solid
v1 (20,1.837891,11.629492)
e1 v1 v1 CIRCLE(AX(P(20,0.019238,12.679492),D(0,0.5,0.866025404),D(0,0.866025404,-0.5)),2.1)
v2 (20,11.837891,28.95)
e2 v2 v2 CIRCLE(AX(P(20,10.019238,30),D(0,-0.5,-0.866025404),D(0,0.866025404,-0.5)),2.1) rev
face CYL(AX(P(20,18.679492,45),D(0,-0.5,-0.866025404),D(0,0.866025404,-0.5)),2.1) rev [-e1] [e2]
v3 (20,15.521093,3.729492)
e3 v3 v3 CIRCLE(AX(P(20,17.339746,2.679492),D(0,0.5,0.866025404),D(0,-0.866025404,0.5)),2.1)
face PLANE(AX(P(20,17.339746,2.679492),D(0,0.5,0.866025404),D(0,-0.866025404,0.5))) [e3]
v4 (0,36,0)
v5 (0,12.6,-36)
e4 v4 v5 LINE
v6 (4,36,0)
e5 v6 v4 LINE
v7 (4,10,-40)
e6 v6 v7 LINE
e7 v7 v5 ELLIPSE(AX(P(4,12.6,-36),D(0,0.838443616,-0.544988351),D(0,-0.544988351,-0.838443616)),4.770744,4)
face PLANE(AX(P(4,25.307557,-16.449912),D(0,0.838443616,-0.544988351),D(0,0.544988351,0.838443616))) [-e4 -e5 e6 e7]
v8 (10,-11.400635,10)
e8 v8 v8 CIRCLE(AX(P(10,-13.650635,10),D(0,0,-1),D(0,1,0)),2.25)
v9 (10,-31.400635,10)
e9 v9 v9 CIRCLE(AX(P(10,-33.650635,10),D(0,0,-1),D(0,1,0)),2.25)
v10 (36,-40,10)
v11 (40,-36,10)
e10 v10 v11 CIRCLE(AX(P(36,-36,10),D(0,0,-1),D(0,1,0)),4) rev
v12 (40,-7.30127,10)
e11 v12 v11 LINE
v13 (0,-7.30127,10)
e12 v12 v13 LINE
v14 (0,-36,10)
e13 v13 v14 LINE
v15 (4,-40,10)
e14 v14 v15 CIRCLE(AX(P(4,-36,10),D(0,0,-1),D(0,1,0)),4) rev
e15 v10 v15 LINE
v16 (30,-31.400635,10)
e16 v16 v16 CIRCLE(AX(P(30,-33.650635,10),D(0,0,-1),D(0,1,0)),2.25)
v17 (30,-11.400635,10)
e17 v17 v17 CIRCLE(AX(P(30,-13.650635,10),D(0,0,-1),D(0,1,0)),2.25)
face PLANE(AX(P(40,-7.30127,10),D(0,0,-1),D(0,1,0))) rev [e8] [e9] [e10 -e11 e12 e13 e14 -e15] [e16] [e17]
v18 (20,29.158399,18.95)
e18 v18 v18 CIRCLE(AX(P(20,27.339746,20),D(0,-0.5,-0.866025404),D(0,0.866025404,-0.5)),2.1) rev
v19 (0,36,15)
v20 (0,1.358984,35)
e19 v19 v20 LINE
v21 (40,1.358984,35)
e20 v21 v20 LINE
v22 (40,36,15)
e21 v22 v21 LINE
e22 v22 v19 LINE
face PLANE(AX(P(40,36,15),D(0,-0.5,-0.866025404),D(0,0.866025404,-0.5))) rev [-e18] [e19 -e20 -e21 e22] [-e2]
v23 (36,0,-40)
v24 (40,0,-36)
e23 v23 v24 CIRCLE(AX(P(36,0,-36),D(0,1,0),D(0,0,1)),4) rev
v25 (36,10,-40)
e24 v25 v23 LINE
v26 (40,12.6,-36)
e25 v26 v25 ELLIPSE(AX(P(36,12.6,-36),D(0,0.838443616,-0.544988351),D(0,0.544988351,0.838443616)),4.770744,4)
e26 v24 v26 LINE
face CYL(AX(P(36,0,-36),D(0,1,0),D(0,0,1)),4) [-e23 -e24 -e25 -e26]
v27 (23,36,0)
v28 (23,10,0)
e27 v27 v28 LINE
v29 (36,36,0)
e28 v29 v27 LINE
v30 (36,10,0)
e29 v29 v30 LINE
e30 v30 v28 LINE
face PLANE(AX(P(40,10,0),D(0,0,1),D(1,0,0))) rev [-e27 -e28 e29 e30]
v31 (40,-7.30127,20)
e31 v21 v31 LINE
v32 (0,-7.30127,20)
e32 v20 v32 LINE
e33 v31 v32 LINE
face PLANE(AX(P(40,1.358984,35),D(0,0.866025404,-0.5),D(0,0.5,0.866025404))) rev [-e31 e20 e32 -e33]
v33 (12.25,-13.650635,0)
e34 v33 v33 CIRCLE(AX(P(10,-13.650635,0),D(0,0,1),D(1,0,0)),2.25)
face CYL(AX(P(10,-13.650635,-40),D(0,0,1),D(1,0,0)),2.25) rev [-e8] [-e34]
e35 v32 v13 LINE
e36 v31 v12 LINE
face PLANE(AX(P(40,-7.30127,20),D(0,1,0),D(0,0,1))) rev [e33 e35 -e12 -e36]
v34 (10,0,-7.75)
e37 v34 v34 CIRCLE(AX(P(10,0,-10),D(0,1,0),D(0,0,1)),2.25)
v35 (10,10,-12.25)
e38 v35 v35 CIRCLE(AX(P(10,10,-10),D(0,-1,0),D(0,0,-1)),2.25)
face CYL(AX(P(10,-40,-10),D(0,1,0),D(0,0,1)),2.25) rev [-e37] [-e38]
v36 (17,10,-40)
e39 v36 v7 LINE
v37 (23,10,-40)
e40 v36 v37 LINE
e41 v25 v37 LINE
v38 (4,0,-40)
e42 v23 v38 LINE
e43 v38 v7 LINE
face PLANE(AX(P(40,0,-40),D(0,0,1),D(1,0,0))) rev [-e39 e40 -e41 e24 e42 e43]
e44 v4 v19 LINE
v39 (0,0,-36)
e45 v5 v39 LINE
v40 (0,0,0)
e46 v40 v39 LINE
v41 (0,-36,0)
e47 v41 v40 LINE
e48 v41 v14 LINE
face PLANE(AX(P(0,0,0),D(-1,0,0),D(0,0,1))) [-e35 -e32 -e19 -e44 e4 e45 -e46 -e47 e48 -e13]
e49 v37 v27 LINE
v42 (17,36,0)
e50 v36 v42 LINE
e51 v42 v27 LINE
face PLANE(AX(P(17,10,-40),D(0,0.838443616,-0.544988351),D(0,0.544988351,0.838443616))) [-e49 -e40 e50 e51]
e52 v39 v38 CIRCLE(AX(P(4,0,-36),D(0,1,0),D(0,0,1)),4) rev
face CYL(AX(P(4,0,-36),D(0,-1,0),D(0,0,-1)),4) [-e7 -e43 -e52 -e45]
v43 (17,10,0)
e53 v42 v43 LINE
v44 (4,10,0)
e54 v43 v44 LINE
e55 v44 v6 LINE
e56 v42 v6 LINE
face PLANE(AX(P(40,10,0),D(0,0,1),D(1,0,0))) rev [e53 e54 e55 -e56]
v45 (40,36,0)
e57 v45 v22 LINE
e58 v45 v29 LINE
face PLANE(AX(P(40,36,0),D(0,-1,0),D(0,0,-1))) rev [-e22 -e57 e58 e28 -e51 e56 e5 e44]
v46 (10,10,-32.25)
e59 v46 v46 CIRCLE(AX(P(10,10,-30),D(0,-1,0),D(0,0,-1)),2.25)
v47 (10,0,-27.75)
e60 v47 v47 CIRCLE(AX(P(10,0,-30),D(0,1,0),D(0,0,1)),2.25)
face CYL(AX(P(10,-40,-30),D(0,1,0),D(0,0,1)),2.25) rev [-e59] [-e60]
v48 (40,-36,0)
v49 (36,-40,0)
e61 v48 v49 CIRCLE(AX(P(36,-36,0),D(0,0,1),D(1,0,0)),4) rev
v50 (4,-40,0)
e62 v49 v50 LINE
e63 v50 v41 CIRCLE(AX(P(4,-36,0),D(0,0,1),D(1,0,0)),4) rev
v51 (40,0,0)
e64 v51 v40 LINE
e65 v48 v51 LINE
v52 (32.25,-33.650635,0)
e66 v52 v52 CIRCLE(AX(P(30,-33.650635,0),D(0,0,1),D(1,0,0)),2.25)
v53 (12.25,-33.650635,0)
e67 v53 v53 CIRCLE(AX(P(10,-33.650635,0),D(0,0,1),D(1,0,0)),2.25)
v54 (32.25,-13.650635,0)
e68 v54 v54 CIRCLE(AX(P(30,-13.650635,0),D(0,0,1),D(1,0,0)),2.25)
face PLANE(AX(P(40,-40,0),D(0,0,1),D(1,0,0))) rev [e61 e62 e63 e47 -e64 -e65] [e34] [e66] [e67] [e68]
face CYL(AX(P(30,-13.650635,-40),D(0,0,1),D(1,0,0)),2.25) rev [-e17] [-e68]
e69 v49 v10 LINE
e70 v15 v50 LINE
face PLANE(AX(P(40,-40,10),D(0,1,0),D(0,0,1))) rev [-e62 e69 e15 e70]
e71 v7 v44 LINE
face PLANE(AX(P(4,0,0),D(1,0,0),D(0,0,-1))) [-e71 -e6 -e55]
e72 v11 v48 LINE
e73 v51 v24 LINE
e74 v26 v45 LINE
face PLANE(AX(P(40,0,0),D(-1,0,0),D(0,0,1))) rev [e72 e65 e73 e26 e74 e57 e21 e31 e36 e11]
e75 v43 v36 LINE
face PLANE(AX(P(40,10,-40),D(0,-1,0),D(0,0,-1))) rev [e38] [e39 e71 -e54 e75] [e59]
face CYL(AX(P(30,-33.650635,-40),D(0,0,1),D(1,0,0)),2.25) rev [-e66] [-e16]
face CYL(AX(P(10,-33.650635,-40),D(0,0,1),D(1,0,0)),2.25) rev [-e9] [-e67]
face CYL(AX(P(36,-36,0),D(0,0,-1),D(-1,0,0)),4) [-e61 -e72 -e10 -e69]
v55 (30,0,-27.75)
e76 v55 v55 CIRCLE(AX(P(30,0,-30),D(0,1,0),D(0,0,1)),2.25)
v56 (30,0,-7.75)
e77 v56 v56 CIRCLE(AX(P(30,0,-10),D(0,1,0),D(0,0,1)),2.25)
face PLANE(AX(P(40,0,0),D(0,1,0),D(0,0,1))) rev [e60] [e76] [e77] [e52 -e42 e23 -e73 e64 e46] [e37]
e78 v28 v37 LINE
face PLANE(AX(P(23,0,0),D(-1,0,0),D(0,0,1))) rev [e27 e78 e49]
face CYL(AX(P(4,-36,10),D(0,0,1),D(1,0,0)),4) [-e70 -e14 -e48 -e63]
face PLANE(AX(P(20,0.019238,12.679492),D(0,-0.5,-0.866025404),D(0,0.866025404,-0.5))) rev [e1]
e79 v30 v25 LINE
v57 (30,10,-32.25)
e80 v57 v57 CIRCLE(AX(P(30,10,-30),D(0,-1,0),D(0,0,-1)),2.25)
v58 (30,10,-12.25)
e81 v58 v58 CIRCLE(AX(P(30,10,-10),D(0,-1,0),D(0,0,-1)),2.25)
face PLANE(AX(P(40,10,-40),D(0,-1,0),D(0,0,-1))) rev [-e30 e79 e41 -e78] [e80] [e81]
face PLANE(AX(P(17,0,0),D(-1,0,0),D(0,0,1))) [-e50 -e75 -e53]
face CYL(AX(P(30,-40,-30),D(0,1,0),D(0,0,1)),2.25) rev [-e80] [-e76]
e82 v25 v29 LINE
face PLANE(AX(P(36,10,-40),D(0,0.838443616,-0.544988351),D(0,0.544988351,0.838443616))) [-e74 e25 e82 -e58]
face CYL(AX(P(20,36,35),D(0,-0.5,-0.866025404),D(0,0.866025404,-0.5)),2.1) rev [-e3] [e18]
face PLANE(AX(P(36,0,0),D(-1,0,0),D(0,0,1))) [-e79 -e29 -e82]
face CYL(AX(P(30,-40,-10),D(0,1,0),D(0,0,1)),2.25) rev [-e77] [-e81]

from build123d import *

# Parameters (mm, degrees)
BOSS_EXTRU_1_DEPTH           = 40
ENL_V_MAT_EXTRU_1_DEPTH      = 76.498344353
ENL_V_MAT_EXTRU_1_DEPTH_BACK = 76.498344353
ESQUISSE2_R                  = 2.25
ENL_V_MAT_EXTRU_2_DEPTH      = 76.498344353
ENL_V_MAT_EXTRU_2_DEPTH_BACK = 76.498344353
ESQUISSE3_R                  = 2.25
ENL_V_MAT_EXTRU_3_DEPTH      = 96.640449297
ENL_V_MAT_EXTRU_3_DEPTH_BACK = 20
ESQUISSE4_R                  = 2.1
BOSS_EXTRU_2_DEPTH           = 4
BOSS_EXTRU_3_START           = -40
BOSS_EXTRU_3_DEPTH           = 4
BOSS_EXTRU_4_DEPTH           = 3
BOSS_EXTRU_4_DEPTH_BACK      = 3
BOSS_EXTRU_4_START           = -20
CONG_1_R                     = 4


with BuildPart() as part:
    # Esquisse1 → Boss.-Extru.1 (new body)
    with BuildSketch(Plane(origin=(0, 0, 0), x_dir=(0, 0, -1), z_dir=(1, 0, 0))):
        Polygon((0, 0), (40, 0), (40, 10), (0, 10), (0, 36), (-15, 36), (-35, 1.358983849), (-20, -7.301270189), (-10, -7.301270189), (-10, -40), (0, -40), align=None)
    extrude(amount=BOSS_EXTRU_1_DEPTH)

    # Esquisse2 → Enlèv. mat.-Extru.1 (cut, two sides: drawn at the far end of the back side and taken through both)
    with BuildSketch(Plane(origin=(0, 10, 0), x_dir=(1, 0, 0), z_dir=(0, 1, 0)).offset(-ENL_V_MAT_EXTRU_1_DEPTH_BACK)):
        with Locations(Location((10, 30, 0), (0, 0, 270))):
            Circle(ESQUISSE2_R)
        with Locations(Location((30, 30, 0), (0, 0, 270))):
            Circle(ESQUISSE2_R)
        with Locations(Location((30, 10, 0), (0, 0, 270))):
            Circle(ESQUISSE2_R)
        with Locations(Location((10, 10, 0), (0, 0, 270))):
            Circle(ESQUISSE2_R)
    extrude(amount=ENL_V_MAT_EXTRU_1_DEPTH + ENL_V_MAT_EXTRU_1_DEPTH_BACK, mode=Mode.SUBTRACT)

    # Esquisse3 → Enlèv. mat.-Extru.2 (cut, two sides: drawn at the far end of the back side and taken through both)
    with BuildSketch(Plane.XY.offset(10).offset(-ENL_V_MAT_EXTRU_2_DEPTH_BACK)):
        with Locations((10, -33.650635095)):
            Circle(ESQUISSE3_R)
        with Locations((30, -33.650635095)):
            Circle(ESQUISSE3_R)
        with Locations((30, -13.650635095)):
            Circle(ESQUISSE3_R)
        with Locations((10, -13.650635095)):
            Circle(ESQUISSE3_R)
    extrude(amount=ENL_V_MAT_EXTRU_2_DEPTH + ENL_V_MAT_EXTRU_2_DEPTH_BACK, mode=Mode.SUBTRACT)

    # Esquisse4 → Enlèv. mat.-Extru.3 (cut, two sides: drawn at the far end of the back side and taken through both)
    with BuildSketch(Plane(origin=(0, 15.495190528, 26.838457268), x_dir=(1, 0, 0), z_dir=(0, 0.4999999999999946, 0.8660254037844419)).offset(-ENL_V_MAT_EXTRU_3_DEPTH_BACK)):
        with Locations(Location((20, 13.676914536, 0), (0, 0, 90))):
            Circle(ESQUISSE4_R)
        with Locations(Location((20, -6.323085464, 0), (0, 0, 90))):
            Circle(ESQUISSE4_R)
    extrude(amount=ENL_V_MAT_EXTRU_3_DEPTH + ENL_V_MAT_EXTRU_3_DEPTH_BACK, mode=Mode.SUBTRACT)

    # Esquisse5 → Boss.-Extru.2 (add)
    with BuildSketch(Plane(origin=(40, 0, 0), x_dir=(0, 0, -1), z_dir=(1, 0, 0))):
        Polygon((40, 10), (0, 36), (0, 10), align=None)
    extrude(amount=-BOSS_EXTRU_2_DEPTH)

    # Esquisse5<2> → Boss.-Extru.3 (add)
    with BuildSketch(Plane(origin=(40, 0, 0), x_dir=(0, 0, -1), z_dir=(1, 0, 0)).offset(BOSS_EXTRU_3_START)):
        Polygon((40, 10), (0, 36), (0, 10), align=None)
    extrude(amount=BOSS_EXTRU_3_DEPTH)

    # Esquisse5<3> → Boss.-Extru.4 (add, two sides: drawn at the far end of the back side and taken through both)
    with BuildSketch(Plane(origin=(40, 0, 0), x_dir=(0, 0, -1), z_dir=(1, 0, 0)).offset(BOSS_EXTRU_4_START - BOSS_EXTRU_4_DEPTH_BACK)):
        Polygon((40, 10), (0, 36), (0, 10), align=None)
    extrude(amount=BOSS_EXTRU_4_DEPTH + BOSS_EXTRU_4_DEPTH_BACK)

    # Congé1
    cong_1_edges = [part.edges().sort_by_distance(p)[0] for p in [
        (0, 5, -40),
        (40, 5, -40),
        (0, -40, 5),
        (40, -40, 5),
    ]]
    fillet(cong_1_edges, radius=CONG_1_R)


solid = part.part
